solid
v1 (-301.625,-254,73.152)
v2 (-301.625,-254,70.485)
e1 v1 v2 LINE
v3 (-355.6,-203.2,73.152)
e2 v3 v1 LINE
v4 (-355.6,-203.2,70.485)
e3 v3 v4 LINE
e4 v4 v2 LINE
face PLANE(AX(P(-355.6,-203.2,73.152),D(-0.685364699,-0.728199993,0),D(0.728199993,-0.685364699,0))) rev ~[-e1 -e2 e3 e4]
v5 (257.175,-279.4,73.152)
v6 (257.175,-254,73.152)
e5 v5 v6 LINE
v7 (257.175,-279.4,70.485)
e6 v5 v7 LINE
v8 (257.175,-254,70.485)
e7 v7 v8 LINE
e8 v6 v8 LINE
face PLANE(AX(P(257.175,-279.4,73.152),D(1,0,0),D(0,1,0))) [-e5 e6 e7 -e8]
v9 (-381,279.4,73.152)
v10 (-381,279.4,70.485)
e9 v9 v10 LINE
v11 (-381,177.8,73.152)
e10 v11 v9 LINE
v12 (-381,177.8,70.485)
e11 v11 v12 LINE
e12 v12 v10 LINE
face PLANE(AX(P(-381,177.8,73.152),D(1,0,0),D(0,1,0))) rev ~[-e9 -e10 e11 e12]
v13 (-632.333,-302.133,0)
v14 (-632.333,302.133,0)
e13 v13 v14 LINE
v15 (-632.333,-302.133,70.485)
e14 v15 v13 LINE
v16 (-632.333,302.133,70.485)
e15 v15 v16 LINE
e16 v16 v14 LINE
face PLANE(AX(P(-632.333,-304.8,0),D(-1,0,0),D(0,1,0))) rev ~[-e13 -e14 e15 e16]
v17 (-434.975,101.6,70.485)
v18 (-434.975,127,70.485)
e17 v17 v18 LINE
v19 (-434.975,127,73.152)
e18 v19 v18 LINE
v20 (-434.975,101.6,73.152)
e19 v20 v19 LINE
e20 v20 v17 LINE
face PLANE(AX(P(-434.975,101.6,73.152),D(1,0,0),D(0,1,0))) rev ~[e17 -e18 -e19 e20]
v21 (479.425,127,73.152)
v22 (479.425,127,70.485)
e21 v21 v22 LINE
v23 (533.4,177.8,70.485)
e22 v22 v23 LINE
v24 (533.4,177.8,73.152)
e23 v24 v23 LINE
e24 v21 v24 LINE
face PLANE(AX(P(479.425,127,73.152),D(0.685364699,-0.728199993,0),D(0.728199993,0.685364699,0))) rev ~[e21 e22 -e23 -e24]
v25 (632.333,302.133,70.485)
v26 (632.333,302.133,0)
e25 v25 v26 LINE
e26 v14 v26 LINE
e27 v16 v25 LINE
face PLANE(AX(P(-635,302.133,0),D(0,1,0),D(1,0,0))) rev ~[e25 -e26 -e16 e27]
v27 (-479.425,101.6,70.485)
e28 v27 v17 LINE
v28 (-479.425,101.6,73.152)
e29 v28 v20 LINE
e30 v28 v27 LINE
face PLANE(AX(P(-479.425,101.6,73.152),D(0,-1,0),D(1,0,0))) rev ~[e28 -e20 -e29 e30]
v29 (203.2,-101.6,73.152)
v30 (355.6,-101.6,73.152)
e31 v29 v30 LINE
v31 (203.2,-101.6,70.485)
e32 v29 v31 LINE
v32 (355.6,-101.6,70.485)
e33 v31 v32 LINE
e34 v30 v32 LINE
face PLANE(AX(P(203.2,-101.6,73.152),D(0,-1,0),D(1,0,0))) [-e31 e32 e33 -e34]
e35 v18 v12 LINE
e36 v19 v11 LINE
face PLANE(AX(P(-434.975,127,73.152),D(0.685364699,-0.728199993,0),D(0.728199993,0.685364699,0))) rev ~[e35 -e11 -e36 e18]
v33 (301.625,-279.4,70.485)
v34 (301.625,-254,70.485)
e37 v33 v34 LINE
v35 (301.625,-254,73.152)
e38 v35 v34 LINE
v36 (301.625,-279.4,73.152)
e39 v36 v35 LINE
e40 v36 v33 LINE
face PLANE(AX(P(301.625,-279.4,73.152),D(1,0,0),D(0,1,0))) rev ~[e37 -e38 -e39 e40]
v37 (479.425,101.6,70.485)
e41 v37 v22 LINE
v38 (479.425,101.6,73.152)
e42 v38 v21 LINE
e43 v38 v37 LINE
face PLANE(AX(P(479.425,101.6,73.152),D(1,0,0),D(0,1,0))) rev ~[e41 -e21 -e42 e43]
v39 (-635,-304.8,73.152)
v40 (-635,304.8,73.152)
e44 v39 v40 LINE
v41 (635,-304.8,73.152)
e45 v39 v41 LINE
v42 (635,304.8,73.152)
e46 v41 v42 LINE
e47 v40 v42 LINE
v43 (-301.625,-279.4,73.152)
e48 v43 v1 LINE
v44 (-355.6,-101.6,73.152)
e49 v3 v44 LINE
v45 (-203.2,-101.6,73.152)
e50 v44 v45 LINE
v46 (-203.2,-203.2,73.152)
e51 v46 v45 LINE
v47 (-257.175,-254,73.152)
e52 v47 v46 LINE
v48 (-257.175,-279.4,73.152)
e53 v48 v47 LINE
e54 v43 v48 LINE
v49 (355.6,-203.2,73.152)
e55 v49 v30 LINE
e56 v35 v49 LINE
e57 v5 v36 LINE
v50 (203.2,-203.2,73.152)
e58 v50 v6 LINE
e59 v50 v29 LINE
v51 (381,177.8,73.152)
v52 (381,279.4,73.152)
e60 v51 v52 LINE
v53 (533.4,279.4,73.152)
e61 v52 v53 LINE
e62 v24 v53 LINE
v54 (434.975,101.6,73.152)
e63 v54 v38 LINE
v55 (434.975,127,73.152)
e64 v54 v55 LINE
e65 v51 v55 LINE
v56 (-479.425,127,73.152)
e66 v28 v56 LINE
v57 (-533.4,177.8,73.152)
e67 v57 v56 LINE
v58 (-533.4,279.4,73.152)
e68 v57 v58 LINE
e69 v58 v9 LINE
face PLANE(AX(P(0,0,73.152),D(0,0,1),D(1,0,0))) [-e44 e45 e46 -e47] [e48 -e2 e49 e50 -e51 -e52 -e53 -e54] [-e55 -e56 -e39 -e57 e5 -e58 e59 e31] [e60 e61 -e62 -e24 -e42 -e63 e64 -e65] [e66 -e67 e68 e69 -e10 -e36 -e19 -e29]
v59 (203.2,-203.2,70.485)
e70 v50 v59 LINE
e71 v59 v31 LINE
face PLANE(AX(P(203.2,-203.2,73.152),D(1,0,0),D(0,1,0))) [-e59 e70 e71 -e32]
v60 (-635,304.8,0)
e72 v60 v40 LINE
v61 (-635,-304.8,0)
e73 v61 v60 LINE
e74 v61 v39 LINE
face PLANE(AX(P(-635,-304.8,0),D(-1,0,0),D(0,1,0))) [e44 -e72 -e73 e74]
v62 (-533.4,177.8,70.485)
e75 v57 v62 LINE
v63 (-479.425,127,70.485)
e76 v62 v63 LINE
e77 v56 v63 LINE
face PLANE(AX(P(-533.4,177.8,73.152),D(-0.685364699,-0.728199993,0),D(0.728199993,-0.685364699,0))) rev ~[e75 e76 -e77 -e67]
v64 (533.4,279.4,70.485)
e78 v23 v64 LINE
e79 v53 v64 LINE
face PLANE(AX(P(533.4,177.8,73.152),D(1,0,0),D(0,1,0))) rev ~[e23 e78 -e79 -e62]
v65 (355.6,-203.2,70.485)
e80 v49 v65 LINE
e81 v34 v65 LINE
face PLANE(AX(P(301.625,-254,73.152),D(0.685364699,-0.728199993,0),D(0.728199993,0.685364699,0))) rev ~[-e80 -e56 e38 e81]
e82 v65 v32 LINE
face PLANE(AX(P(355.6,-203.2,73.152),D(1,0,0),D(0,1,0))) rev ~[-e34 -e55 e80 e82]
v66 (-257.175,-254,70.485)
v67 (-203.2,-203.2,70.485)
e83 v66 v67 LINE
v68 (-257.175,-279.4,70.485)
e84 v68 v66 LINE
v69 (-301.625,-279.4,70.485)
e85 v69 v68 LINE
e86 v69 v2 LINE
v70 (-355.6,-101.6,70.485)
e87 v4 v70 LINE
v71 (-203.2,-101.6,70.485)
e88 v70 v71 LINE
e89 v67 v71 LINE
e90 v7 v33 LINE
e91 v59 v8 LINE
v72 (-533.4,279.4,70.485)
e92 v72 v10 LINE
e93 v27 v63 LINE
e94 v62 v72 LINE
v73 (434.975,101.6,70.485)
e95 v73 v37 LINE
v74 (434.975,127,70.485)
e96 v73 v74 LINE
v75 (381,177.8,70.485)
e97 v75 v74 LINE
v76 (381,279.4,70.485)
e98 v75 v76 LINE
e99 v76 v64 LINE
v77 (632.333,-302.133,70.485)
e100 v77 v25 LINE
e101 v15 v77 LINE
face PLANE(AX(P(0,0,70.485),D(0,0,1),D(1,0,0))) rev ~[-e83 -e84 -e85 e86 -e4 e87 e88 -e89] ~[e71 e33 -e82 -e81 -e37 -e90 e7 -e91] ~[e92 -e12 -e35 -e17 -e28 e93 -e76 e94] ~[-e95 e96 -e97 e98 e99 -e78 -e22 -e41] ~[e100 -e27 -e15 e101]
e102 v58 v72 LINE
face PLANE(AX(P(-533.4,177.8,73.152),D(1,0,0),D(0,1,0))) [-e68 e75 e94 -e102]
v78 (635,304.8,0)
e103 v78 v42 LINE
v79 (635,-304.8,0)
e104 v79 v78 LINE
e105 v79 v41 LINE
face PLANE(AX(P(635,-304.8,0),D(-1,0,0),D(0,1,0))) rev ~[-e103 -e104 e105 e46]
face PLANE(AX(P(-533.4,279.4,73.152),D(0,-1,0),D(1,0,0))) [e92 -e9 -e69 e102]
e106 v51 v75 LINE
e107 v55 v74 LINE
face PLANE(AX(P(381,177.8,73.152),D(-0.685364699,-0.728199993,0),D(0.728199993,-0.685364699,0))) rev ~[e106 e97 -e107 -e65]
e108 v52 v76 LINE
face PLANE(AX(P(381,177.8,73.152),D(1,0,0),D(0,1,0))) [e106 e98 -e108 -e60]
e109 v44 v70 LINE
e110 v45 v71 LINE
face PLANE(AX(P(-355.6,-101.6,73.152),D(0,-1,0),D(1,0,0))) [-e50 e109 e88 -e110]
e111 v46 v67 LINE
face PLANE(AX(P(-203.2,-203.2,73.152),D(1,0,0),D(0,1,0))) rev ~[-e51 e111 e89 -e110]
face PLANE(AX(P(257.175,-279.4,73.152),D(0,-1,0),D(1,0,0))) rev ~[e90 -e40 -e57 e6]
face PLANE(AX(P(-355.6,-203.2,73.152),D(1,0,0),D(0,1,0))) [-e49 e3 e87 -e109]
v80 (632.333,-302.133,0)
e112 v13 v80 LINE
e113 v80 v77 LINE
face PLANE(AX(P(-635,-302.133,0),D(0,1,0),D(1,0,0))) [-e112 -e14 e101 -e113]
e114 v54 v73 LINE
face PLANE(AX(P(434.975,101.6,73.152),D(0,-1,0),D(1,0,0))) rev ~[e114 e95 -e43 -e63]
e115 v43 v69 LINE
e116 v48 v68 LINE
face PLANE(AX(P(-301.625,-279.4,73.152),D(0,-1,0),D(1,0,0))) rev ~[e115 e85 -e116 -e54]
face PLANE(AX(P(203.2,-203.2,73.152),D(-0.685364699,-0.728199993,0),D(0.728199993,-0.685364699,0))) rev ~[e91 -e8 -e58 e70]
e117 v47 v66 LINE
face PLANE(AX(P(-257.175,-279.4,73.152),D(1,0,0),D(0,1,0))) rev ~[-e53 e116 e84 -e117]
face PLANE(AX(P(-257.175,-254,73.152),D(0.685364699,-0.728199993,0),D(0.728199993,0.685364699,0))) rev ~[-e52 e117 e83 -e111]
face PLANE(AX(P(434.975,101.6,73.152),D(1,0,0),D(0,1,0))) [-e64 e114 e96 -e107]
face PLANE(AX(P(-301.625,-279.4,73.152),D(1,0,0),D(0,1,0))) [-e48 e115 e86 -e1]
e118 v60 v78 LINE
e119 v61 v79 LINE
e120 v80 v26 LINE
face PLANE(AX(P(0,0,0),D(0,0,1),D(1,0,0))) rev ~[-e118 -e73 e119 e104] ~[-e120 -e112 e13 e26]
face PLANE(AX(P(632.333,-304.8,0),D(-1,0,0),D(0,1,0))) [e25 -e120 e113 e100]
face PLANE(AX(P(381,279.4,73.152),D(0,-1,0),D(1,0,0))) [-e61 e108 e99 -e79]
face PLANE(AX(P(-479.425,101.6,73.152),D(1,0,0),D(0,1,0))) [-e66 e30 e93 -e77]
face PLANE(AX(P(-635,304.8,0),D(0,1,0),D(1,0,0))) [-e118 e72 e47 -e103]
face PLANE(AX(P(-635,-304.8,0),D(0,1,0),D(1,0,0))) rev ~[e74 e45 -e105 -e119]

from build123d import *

# Parameters (mm, degrees)
F0_W     = 1270
F0_H     = 609.6
F1_DEPTH = 73.152
F2_T     = -2.667
F3_W     = 152.4
F3_H     = 101.6
F3_W_2   = 44.45
F3_H_2   = 25.4
F4_DEPTH = 73.153


with BuildPart() as f1:
    # F0 (on Top) → F1 (new body)
    with BuildSketch(Plane.XY):
        Rectangle(F0_W, F0_H)
    extrude(amount=F1_DEPTH)

    # F2
    f2_openings = [f1.faces().sort_by_distance(p)[0] for p in [
        (0, 0, 0),
    ]]
    offset(amount=F2_T, openings=f2_openings)

    # F3 (on face) → F4 (cut, through all)
    with BuildSketch(Plane.XY.offset(73.152)):
        with Locations((-457.2, 228.6)):
            Rectangle(F3_W, F3_H)
        Polygon((-434.975, 127), (-381, 177.8), (-533.4, 177.8), (-479.425, 127), align=None)
        with Locations((-457.2, 114.3)):
            Rectangle(F3_W_2, F3_H_2)
        with Locations((-279.4, -152.4)):
            Rectangle(F3_W, F3_H)
        Polygon((-257.175, -254), (-203.2, -203.2), (-355.6, -203.2), (-301.625, -254), align=None)
        with Locations((-279.4, -266.7)):
            Rectangle(F3_W_2, F3_H_2)
        with Locations((279.4, -152.4)):
            Rectangle(F3_W, F3_H)
        Polygon((301.625, -254), (355.6, -203.2), (203.2, -203.2), (257.175, -254), align=None)
        with Locations((279.4, -266.7)):
            Rectangle(F3_W_2, F3_H_2)
        with Locations((457.2, 228.6)):
            Rectangle(F3_W, F3_H)
        Polygon((479.425, 127), (533.4, 177.8), (381, 177.8), (434.975, 127), align=None)
        with Locations((457.2, 114.3)):
            Rectangle(F3_W_2, F3_H_2)
    extrude(amount=-F4_DEPTH, mode=Mode.SUBTRACT)


solid = f1.part
